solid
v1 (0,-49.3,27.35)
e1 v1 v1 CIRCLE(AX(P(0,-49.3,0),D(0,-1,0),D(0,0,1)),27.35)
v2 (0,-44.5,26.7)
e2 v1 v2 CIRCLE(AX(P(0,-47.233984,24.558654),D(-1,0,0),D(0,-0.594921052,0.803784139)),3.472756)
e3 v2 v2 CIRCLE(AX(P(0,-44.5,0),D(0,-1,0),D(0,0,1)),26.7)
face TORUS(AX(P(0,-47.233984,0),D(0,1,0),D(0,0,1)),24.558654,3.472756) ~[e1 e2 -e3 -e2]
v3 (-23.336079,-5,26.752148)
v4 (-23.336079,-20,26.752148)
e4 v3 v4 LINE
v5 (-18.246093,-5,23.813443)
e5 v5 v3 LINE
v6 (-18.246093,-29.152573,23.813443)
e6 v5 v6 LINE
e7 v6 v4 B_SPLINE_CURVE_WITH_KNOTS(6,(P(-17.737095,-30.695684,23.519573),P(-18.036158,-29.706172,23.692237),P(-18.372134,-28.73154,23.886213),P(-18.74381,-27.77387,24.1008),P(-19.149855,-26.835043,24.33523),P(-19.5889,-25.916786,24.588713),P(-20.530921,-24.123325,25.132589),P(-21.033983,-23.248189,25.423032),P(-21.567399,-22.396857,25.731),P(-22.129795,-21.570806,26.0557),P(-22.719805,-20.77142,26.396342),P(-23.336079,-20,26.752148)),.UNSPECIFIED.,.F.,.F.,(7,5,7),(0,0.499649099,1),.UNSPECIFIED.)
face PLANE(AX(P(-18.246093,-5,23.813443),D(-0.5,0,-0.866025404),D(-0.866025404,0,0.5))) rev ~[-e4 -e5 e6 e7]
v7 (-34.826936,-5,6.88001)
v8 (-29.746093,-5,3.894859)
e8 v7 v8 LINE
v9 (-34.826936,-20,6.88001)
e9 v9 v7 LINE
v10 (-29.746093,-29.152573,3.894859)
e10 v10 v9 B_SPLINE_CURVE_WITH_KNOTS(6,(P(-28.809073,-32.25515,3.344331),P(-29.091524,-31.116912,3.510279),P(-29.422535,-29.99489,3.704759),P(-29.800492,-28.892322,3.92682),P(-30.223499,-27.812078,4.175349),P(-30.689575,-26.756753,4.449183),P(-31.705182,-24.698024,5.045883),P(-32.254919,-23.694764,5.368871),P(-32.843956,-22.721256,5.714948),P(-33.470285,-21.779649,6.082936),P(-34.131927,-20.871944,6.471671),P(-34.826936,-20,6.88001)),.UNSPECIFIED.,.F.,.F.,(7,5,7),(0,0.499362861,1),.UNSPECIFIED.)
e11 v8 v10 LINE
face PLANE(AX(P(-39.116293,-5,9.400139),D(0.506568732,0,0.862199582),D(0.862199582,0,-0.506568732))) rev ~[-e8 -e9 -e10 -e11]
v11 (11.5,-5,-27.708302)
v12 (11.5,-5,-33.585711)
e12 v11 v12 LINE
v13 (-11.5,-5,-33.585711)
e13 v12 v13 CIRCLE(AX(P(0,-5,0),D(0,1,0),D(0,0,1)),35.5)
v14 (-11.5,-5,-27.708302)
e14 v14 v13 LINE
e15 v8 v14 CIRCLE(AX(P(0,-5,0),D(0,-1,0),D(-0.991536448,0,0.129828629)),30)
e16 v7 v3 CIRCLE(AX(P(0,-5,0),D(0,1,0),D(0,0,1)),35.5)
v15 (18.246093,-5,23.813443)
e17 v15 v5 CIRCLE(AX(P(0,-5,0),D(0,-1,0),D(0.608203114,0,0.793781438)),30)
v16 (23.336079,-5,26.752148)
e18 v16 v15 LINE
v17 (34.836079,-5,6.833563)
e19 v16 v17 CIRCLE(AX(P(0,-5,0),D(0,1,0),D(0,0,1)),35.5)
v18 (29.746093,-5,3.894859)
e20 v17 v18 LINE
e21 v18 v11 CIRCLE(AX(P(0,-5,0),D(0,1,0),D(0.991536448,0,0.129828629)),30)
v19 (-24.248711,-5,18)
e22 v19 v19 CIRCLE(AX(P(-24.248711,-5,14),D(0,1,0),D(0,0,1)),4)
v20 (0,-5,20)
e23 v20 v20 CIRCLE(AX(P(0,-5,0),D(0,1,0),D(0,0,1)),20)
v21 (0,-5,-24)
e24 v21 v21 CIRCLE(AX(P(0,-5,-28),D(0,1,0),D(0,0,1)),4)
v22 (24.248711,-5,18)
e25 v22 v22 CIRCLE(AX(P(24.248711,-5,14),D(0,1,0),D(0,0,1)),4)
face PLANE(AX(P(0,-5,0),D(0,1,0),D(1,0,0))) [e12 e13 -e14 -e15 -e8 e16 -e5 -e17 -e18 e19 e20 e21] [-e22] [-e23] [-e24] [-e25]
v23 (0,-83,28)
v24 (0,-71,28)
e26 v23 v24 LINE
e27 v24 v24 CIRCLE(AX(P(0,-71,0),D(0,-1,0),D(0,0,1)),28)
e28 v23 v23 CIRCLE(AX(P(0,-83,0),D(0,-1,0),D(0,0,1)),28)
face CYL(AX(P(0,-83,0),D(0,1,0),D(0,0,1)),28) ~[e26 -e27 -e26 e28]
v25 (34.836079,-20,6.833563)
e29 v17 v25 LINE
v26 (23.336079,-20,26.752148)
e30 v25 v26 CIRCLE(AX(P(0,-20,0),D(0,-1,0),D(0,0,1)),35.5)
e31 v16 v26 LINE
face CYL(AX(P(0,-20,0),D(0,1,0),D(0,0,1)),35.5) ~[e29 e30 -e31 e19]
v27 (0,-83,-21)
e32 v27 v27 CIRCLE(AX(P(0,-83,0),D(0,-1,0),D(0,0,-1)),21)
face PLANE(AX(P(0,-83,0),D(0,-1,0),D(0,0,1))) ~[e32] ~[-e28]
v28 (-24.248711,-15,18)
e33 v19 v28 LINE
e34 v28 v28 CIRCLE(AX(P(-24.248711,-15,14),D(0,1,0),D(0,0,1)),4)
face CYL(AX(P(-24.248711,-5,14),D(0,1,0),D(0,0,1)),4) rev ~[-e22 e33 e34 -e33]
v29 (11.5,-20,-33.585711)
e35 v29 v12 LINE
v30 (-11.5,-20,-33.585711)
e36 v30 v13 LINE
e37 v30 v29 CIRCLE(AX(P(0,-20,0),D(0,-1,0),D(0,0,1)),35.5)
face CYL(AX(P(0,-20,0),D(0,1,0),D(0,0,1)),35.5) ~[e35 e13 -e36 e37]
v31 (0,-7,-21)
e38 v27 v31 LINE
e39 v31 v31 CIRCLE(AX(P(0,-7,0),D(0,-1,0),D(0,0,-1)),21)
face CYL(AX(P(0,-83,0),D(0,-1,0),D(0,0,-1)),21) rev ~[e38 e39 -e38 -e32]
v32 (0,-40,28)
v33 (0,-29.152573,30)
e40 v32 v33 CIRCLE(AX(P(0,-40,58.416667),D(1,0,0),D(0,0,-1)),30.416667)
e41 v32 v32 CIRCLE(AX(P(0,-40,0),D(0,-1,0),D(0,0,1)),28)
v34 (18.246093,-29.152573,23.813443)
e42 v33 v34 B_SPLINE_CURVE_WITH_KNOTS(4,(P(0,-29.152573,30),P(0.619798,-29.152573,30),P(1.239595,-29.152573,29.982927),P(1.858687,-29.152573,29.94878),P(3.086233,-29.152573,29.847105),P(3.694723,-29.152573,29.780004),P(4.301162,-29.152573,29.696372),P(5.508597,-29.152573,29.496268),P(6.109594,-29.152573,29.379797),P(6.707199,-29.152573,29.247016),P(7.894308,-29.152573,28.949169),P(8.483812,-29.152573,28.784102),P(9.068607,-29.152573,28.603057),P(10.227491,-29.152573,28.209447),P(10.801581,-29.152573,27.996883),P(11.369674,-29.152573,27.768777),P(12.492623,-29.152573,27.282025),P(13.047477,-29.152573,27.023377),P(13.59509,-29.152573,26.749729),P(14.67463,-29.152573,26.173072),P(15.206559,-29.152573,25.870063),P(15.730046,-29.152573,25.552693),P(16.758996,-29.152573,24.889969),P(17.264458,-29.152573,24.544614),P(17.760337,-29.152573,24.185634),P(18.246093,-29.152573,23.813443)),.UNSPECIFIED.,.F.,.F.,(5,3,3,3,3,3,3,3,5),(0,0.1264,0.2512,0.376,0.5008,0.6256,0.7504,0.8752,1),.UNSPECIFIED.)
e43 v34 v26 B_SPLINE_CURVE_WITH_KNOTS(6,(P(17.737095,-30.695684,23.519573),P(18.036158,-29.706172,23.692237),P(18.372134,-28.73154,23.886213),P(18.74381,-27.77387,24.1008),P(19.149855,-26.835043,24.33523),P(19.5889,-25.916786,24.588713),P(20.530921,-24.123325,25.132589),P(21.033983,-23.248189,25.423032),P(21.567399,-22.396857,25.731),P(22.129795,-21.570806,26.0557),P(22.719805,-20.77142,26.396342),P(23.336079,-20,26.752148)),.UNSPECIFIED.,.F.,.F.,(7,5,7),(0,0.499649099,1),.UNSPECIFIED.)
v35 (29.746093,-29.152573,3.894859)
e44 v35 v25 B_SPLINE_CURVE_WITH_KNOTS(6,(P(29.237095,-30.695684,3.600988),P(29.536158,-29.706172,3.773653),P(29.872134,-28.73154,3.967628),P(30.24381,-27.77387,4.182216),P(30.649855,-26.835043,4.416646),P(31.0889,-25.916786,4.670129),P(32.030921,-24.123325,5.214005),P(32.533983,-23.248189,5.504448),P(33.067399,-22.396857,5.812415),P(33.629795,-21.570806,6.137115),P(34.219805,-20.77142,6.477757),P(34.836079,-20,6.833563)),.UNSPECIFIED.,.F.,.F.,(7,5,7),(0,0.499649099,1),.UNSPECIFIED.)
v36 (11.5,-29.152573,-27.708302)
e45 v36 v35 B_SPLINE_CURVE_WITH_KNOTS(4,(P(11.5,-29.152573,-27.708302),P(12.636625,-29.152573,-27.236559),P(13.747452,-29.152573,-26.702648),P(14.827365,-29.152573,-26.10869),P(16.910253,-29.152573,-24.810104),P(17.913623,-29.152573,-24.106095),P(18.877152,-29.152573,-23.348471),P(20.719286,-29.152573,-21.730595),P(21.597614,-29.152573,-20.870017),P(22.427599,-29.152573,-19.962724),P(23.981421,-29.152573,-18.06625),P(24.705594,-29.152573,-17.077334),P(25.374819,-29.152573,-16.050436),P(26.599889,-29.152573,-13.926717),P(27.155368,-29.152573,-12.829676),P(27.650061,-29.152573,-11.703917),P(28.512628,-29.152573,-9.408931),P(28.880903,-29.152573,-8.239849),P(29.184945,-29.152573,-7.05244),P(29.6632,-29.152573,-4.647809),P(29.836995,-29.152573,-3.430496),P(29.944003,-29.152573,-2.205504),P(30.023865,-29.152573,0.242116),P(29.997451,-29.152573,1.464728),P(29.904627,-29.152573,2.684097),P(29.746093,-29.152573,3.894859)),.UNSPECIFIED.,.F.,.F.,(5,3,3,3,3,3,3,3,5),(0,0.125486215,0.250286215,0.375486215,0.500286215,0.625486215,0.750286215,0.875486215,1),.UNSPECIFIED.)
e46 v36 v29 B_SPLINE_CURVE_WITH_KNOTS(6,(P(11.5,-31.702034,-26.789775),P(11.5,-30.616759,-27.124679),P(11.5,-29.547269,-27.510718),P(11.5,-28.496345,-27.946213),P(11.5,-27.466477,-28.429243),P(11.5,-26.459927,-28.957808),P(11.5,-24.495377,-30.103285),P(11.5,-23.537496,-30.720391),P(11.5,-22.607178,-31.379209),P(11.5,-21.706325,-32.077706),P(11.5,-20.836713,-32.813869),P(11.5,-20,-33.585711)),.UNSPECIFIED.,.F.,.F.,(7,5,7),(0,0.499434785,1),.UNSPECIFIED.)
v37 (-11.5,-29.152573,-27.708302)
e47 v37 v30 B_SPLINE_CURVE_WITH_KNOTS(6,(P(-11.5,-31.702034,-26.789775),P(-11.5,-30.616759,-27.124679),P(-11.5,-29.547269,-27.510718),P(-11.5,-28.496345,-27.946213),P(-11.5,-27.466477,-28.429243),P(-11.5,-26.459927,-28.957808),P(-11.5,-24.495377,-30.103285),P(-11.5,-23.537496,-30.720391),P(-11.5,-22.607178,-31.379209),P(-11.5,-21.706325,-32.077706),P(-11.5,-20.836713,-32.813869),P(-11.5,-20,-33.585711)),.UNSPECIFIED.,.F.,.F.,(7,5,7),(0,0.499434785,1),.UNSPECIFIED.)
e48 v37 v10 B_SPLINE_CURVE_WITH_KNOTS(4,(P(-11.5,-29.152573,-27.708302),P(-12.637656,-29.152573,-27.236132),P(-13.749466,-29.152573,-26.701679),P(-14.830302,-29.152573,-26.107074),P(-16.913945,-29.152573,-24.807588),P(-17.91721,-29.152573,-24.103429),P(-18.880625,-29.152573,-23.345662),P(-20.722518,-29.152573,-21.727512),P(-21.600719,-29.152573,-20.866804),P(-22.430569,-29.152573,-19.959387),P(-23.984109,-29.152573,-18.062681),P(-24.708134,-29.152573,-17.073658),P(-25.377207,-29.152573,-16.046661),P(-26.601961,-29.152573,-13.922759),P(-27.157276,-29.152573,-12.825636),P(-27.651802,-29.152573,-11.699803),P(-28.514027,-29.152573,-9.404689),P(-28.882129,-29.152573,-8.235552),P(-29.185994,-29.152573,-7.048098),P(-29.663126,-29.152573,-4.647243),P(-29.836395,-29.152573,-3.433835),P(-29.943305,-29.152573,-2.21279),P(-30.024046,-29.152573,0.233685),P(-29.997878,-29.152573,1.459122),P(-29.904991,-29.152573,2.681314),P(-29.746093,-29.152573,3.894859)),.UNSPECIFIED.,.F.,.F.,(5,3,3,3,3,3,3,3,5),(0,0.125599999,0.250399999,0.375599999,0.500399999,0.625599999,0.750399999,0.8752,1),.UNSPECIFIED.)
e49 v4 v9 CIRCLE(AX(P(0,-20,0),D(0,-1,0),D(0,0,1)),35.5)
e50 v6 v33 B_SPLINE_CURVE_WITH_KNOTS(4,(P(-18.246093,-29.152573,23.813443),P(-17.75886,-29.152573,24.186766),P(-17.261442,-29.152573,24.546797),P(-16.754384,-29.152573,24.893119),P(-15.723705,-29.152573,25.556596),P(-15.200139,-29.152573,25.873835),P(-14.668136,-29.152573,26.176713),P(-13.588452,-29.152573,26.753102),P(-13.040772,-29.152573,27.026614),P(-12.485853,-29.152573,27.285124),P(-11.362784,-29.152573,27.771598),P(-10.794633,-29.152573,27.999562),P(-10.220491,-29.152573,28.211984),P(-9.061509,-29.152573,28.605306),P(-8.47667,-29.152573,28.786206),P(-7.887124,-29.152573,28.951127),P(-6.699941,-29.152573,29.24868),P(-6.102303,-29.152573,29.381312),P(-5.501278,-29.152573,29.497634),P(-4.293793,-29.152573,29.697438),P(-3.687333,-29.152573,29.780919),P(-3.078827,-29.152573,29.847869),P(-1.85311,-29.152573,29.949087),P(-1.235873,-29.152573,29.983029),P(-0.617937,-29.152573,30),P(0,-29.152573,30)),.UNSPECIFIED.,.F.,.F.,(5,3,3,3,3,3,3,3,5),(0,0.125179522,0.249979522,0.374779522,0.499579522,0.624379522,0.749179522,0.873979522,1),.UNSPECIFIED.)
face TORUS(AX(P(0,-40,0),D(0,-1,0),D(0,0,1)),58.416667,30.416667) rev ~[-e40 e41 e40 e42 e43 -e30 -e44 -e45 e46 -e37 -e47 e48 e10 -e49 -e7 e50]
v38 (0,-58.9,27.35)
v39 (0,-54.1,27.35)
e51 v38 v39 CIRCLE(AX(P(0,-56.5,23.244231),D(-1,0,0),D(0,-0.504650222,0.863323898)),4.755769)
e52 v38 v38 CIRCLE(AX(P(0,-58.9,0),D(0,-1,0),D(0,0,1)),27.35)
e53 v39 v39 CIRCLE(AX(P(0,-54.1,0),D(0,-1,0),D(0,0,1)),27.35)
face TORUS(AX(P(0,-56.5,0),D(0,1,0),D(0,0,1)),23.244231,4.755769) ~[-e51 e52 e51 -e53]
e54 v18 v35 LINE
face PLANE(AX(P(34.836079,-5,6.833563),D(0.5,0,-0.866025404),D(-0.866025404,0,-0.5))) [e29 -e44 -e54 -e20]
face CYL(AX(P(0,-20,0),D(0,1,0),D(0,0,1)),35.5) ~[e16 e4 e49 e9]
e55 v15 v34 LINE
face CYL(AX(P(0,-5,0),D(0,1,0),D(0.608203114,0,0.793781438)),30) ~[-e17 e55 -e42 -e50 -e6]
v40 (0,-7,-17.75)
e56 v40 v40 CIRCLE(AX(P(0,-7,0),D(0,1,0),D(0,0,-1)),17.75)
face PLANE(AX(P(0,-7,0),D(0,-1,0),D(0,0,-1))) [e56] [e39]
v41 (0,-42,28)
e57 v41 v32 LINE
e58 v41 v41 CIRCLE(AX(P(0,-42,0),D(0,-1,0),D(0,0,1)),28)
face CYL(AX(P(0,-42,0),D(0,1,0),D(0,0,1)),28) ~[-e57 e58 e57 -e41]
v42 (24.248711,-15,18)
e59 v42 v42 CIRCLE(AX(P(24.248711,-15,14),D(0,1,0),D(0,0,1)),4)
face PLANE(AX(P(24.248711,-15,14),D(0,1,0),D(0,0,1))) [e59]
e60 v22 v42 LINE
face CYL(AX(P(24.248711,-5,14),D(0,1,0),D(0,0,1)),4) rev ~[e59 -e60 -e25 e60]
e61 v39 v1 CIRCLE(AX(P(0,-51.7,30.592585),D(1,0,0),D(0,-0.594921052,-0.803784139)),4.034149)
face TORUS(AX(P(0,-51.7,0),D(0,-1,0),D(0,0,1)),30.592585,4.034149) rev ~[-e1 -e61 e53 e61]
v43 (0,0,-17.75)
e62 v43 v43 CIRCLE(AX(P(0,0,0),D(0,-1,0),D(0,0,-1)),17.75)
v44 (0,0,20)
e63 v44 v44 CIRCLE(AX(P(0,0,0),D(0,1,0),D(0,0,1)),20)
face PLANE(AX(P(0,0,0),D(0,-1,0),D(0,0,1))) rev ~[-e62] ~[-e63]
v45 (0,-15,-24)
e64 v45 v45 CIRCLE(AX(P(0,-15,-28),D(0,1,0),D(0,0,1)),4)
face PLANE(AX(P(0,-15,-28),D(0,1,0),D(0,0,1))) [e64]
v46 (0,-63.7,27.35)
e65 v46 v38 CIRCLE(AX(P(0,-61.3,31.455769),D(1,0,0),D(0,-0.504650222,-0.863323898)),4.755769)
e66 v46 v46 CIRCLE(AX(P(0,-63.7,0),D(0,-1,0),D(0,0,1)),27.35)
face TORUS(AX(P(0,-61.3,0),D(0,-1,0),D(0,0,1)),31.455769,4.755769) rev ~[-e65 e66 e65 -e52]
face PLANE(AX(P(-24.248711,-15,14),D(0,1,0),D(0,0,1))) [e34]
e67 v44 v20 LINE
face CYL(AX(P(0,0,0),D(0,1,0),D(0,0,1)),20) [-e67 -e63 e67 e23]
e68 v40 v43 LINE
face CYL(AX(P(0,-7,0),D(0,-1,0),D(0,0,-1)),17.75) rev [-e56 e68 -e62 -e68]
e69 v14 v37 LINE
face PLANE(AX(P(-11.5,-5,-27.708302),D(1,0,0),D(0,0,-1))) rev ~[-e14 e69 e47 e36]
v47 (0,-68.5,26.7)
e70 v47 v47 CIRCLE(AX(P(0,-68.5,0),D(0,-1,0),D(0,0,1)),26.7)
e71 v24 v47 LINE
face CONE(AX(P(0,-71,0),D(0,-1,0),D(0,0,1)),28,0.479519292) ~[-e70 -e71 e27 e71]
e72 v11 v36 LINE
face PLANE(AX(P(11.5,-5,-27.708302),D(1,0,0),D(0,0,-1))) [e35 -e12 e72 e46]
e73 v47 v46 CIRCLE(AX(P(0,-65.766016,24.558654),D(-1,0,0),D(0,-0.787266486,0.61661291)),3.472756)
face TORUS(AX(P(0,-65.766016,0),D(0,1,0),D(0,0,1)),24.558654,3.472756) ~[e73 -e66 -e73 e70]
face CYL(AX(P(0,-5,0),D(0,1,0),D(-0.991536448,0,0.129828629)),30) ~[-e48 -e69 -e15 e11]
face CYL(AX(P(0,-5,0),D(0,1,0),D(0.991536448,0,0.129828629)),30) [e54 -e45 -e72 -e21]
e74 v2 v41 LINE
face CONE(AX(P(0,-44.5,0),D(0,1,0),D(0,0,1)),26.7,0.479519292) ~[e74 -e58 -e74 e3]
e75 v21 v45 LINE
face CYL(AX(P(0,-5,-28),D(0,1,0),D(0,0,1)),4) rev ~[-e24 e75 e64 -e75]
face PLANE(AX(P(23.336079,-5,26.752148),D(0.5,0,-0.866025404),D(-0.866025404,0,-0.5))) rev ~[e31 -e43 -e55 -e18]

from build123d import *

# Parameters (mm, degrees)
SKETCH2_OUTSIDE_W       = 99.054
SKETCH2_OUTSIDE_H       = 99.054
SKETCH2_OUTSIDE_R       = 20
CUT_EXTRUDE1_DEPTH      = 5
CUT_EXTRUDE2_DEPTH      = 98.002577285
CUT_EXTRUDE2_DEPTH_BACK = 7
SKETCH3_R               = 17.75
CUT_EXTRUDE3_DEPTH      = 40
SKETCH5_R               = 4
CUT_EXTRUDE4_DEPTH      = 10
SKETCH6_R               = 21
CUT_EXTRUDE6_DEPTH      = 76


with BuildPart() as part:
    # Sketch1 → Revolve1 (revolve)
    with BuildSketch(Plane.XY, mode=Mode.PRIVATE) as revolve1_sk:
        with BuildLine():
            Line((0, -83), (28, -83))
            Line((28, -83), (28, -71))
            Line((28, -71), (26.7, -68.5))
            ThreePointArc((26.7, -68.5), (28, -66.23203125), (27.35, -63.7))
            ThreePointArc((27.35, -63.7), (26.7, -61.3), (27.35, -58.9))
            ThreePointArc((27.35, -58.9), (28, -56.5), (27.35, -54.1))
            ThreePointArc((27.35, -54.1), (26.558436035, -51.7), (27.35, -49.3))
            ThreePointArc((27.35, -49.3), (28, -46.76796875), (26.7, -44.5))
            Line((26.7, -44.5), (28, -42))
            Line((28, -42), (28, -40))
            ThreePointArc((28, -40), (29.936654182, -29.319995318), (35.5, -20))
            Line((35.5, -20), (35.5, 0))
            Line((35.5, 0), (0, 0))
            Line((0, 0), (0, -83))
        make_face()
    revolve(revolve1_sk.sketch.rotate(Axis((0, 0, 0), (0, -1, 0)), 90), axis=Axis((0, 0, 0), (0, -1, 0)))

    # Sketch2 outside → Cut-Extrude1 (cut)
    with BuildSketch(Plane(origin=(0, 0, 0), x_dir=(1, 0, 0), z_dir=(0, 1, 0))):
        Rectangle(SKETCH2_OUTSIDE_W, SKETCH2_OUTSIDE_H)
        with Locations(Location((0, 0, 0), (0, 0, 270))):
            Circle(SKETCH2_OUTSIDE_R, mode=Mode.SUBTRACT)
    extrude(amount=-CUT_EXTRUDE1_DEPTH, mode=Mode.SUBTRACT)

    # Sketch3 → Cut-Extrude2 (cut, two sides: drawn at the far end of the back side and taken through both)
    with BuildSketch(Plane(origin=(0, 0, 0), x_dir=(1, 0, 0), z_dir=(0, 1, 0)).offset(-CUT_EXTRUDE2_DEPTH_BACK)):
        with Locations(Location((0, 0, 0), (0, 0, 90))):
            Circle(SKETCH3_R)
    extrude(amount=CUT_EXTRUDE2_DEPTH + CUT_EXTRUDE2_DEPTH_BACK, mode=Mode.SUBTRACT)

    # Sketch4 → Cut-Extrude3 (cut)
    with BuildSketch(Plane(origin=(0, -5, 0), x_dir=(1, 0, 0), z_dir=(0, 1, 0))):
        with BuildLine():
            Line((-11.5, 27.708302005), (-11.5, 36.893569163))
            ThreePointArc((-11.5, 36.893569163), (-38.452583445, 21.587967058), (-39.116292786, -9.400138727))
            Line((-39.116292786, -9.400138727), (-29.746093432, -3.894858859))
            ThreePointArc((-29.746093432, -3.894858859), (-25.980762114, 15), (-11.5, 27.708302005))
        make_face()
        with BuildLine():
            Line((11.5, 27.708302005), (11.5, 36.893569163))
            Line((11.5, 36.893569163), (28.492131838, 31.542661949))
            Line((28.492131838, 31.542661949), (37.637433316, 13.990056046))
            Line((37.637433316, 13.990056046), (44.445273929, 4.335643403))
            Line((44.445273929, 4.335643403), (37.637433316, -8.052167996))
            Line((37.637433316, -8.052167996), (34.836079144, -6.83356348))
            Line((34.836079144, -6.83356348), (29.746093432, -3.894858859))
            ThreePointArc((29.746093432, -3.894858859), (25.980762114, 15), (11.5, 27.708302005))
        make_face()
        with BuildLine():
            Line((-18.246093432, -23.813443146), (-23.336079144, -26.752147767))
            Line((-23.336079144, -26.752147767), (-24.985631262, -28.64317075))
            Line((-24.985631262, -28.64317075), (-15.892945892, -35.329052408))
            Line((-15.892945892, -35.329052408), (-5.348602182, -38.036383901))
            Line((-5.348602182, -38.036383901), (8.188055284, -38.036383901))
            Line((8.188055284, -38.036383901), (20.43638373, -32.98577886))
            Line((20.43638373, -32.98577886), (24.324755582, -27.697659259))
            Line((24.324755582, -27.697659259), (23.336079144, -26.752147767))
            Line((23.336079144, -26.752147767), (18.246093432, -23.813443146))
            ThreePointArc((18.246093432, -23.813443146), (0, -30), (-18.246093432, -23.813443146))
        make_face()
    extrude(amount=-CUT_EXTRUDE3_DEPTH, mode=Mode.SUBTRACT)

    # Sketch5 → Cut-Extrude4 (cut)
    with BuildSketch(Plane(origin=(0, -5, 0), x_dir=(1, 0, 0), z_dir=(0, 1, 0))):
        with Locations(Location((0, 28, 0), (0, 0, 270))):
            Circle(SKETCH5_R)
        with Locations(Location((24.248711306, -14, 0), (0, 0, 270))):
            Circle(SKETCH5_R)
        with Locations(Location((-24.248711306, -14, 0), (0, 0, 270))):
            Circle(SKETCH5_R)
    extrude(amount=-CUT_EXTRUDE4_DEPTH, mode=Mode.SUBTRACT)

    # Sketch6 → Cut-Extrude6 (cut)
    with BuildSketch(Plane.XZ.offset(83)):
        with Locations(Location((0, 0, 0), (0, 0, 270))):
            Circle(SKETCH6_R)
    extrude(amount=-CUT_EXTRUDE6_DEPTH, mode=Mode.SUBTRACT)


solid = part.part
